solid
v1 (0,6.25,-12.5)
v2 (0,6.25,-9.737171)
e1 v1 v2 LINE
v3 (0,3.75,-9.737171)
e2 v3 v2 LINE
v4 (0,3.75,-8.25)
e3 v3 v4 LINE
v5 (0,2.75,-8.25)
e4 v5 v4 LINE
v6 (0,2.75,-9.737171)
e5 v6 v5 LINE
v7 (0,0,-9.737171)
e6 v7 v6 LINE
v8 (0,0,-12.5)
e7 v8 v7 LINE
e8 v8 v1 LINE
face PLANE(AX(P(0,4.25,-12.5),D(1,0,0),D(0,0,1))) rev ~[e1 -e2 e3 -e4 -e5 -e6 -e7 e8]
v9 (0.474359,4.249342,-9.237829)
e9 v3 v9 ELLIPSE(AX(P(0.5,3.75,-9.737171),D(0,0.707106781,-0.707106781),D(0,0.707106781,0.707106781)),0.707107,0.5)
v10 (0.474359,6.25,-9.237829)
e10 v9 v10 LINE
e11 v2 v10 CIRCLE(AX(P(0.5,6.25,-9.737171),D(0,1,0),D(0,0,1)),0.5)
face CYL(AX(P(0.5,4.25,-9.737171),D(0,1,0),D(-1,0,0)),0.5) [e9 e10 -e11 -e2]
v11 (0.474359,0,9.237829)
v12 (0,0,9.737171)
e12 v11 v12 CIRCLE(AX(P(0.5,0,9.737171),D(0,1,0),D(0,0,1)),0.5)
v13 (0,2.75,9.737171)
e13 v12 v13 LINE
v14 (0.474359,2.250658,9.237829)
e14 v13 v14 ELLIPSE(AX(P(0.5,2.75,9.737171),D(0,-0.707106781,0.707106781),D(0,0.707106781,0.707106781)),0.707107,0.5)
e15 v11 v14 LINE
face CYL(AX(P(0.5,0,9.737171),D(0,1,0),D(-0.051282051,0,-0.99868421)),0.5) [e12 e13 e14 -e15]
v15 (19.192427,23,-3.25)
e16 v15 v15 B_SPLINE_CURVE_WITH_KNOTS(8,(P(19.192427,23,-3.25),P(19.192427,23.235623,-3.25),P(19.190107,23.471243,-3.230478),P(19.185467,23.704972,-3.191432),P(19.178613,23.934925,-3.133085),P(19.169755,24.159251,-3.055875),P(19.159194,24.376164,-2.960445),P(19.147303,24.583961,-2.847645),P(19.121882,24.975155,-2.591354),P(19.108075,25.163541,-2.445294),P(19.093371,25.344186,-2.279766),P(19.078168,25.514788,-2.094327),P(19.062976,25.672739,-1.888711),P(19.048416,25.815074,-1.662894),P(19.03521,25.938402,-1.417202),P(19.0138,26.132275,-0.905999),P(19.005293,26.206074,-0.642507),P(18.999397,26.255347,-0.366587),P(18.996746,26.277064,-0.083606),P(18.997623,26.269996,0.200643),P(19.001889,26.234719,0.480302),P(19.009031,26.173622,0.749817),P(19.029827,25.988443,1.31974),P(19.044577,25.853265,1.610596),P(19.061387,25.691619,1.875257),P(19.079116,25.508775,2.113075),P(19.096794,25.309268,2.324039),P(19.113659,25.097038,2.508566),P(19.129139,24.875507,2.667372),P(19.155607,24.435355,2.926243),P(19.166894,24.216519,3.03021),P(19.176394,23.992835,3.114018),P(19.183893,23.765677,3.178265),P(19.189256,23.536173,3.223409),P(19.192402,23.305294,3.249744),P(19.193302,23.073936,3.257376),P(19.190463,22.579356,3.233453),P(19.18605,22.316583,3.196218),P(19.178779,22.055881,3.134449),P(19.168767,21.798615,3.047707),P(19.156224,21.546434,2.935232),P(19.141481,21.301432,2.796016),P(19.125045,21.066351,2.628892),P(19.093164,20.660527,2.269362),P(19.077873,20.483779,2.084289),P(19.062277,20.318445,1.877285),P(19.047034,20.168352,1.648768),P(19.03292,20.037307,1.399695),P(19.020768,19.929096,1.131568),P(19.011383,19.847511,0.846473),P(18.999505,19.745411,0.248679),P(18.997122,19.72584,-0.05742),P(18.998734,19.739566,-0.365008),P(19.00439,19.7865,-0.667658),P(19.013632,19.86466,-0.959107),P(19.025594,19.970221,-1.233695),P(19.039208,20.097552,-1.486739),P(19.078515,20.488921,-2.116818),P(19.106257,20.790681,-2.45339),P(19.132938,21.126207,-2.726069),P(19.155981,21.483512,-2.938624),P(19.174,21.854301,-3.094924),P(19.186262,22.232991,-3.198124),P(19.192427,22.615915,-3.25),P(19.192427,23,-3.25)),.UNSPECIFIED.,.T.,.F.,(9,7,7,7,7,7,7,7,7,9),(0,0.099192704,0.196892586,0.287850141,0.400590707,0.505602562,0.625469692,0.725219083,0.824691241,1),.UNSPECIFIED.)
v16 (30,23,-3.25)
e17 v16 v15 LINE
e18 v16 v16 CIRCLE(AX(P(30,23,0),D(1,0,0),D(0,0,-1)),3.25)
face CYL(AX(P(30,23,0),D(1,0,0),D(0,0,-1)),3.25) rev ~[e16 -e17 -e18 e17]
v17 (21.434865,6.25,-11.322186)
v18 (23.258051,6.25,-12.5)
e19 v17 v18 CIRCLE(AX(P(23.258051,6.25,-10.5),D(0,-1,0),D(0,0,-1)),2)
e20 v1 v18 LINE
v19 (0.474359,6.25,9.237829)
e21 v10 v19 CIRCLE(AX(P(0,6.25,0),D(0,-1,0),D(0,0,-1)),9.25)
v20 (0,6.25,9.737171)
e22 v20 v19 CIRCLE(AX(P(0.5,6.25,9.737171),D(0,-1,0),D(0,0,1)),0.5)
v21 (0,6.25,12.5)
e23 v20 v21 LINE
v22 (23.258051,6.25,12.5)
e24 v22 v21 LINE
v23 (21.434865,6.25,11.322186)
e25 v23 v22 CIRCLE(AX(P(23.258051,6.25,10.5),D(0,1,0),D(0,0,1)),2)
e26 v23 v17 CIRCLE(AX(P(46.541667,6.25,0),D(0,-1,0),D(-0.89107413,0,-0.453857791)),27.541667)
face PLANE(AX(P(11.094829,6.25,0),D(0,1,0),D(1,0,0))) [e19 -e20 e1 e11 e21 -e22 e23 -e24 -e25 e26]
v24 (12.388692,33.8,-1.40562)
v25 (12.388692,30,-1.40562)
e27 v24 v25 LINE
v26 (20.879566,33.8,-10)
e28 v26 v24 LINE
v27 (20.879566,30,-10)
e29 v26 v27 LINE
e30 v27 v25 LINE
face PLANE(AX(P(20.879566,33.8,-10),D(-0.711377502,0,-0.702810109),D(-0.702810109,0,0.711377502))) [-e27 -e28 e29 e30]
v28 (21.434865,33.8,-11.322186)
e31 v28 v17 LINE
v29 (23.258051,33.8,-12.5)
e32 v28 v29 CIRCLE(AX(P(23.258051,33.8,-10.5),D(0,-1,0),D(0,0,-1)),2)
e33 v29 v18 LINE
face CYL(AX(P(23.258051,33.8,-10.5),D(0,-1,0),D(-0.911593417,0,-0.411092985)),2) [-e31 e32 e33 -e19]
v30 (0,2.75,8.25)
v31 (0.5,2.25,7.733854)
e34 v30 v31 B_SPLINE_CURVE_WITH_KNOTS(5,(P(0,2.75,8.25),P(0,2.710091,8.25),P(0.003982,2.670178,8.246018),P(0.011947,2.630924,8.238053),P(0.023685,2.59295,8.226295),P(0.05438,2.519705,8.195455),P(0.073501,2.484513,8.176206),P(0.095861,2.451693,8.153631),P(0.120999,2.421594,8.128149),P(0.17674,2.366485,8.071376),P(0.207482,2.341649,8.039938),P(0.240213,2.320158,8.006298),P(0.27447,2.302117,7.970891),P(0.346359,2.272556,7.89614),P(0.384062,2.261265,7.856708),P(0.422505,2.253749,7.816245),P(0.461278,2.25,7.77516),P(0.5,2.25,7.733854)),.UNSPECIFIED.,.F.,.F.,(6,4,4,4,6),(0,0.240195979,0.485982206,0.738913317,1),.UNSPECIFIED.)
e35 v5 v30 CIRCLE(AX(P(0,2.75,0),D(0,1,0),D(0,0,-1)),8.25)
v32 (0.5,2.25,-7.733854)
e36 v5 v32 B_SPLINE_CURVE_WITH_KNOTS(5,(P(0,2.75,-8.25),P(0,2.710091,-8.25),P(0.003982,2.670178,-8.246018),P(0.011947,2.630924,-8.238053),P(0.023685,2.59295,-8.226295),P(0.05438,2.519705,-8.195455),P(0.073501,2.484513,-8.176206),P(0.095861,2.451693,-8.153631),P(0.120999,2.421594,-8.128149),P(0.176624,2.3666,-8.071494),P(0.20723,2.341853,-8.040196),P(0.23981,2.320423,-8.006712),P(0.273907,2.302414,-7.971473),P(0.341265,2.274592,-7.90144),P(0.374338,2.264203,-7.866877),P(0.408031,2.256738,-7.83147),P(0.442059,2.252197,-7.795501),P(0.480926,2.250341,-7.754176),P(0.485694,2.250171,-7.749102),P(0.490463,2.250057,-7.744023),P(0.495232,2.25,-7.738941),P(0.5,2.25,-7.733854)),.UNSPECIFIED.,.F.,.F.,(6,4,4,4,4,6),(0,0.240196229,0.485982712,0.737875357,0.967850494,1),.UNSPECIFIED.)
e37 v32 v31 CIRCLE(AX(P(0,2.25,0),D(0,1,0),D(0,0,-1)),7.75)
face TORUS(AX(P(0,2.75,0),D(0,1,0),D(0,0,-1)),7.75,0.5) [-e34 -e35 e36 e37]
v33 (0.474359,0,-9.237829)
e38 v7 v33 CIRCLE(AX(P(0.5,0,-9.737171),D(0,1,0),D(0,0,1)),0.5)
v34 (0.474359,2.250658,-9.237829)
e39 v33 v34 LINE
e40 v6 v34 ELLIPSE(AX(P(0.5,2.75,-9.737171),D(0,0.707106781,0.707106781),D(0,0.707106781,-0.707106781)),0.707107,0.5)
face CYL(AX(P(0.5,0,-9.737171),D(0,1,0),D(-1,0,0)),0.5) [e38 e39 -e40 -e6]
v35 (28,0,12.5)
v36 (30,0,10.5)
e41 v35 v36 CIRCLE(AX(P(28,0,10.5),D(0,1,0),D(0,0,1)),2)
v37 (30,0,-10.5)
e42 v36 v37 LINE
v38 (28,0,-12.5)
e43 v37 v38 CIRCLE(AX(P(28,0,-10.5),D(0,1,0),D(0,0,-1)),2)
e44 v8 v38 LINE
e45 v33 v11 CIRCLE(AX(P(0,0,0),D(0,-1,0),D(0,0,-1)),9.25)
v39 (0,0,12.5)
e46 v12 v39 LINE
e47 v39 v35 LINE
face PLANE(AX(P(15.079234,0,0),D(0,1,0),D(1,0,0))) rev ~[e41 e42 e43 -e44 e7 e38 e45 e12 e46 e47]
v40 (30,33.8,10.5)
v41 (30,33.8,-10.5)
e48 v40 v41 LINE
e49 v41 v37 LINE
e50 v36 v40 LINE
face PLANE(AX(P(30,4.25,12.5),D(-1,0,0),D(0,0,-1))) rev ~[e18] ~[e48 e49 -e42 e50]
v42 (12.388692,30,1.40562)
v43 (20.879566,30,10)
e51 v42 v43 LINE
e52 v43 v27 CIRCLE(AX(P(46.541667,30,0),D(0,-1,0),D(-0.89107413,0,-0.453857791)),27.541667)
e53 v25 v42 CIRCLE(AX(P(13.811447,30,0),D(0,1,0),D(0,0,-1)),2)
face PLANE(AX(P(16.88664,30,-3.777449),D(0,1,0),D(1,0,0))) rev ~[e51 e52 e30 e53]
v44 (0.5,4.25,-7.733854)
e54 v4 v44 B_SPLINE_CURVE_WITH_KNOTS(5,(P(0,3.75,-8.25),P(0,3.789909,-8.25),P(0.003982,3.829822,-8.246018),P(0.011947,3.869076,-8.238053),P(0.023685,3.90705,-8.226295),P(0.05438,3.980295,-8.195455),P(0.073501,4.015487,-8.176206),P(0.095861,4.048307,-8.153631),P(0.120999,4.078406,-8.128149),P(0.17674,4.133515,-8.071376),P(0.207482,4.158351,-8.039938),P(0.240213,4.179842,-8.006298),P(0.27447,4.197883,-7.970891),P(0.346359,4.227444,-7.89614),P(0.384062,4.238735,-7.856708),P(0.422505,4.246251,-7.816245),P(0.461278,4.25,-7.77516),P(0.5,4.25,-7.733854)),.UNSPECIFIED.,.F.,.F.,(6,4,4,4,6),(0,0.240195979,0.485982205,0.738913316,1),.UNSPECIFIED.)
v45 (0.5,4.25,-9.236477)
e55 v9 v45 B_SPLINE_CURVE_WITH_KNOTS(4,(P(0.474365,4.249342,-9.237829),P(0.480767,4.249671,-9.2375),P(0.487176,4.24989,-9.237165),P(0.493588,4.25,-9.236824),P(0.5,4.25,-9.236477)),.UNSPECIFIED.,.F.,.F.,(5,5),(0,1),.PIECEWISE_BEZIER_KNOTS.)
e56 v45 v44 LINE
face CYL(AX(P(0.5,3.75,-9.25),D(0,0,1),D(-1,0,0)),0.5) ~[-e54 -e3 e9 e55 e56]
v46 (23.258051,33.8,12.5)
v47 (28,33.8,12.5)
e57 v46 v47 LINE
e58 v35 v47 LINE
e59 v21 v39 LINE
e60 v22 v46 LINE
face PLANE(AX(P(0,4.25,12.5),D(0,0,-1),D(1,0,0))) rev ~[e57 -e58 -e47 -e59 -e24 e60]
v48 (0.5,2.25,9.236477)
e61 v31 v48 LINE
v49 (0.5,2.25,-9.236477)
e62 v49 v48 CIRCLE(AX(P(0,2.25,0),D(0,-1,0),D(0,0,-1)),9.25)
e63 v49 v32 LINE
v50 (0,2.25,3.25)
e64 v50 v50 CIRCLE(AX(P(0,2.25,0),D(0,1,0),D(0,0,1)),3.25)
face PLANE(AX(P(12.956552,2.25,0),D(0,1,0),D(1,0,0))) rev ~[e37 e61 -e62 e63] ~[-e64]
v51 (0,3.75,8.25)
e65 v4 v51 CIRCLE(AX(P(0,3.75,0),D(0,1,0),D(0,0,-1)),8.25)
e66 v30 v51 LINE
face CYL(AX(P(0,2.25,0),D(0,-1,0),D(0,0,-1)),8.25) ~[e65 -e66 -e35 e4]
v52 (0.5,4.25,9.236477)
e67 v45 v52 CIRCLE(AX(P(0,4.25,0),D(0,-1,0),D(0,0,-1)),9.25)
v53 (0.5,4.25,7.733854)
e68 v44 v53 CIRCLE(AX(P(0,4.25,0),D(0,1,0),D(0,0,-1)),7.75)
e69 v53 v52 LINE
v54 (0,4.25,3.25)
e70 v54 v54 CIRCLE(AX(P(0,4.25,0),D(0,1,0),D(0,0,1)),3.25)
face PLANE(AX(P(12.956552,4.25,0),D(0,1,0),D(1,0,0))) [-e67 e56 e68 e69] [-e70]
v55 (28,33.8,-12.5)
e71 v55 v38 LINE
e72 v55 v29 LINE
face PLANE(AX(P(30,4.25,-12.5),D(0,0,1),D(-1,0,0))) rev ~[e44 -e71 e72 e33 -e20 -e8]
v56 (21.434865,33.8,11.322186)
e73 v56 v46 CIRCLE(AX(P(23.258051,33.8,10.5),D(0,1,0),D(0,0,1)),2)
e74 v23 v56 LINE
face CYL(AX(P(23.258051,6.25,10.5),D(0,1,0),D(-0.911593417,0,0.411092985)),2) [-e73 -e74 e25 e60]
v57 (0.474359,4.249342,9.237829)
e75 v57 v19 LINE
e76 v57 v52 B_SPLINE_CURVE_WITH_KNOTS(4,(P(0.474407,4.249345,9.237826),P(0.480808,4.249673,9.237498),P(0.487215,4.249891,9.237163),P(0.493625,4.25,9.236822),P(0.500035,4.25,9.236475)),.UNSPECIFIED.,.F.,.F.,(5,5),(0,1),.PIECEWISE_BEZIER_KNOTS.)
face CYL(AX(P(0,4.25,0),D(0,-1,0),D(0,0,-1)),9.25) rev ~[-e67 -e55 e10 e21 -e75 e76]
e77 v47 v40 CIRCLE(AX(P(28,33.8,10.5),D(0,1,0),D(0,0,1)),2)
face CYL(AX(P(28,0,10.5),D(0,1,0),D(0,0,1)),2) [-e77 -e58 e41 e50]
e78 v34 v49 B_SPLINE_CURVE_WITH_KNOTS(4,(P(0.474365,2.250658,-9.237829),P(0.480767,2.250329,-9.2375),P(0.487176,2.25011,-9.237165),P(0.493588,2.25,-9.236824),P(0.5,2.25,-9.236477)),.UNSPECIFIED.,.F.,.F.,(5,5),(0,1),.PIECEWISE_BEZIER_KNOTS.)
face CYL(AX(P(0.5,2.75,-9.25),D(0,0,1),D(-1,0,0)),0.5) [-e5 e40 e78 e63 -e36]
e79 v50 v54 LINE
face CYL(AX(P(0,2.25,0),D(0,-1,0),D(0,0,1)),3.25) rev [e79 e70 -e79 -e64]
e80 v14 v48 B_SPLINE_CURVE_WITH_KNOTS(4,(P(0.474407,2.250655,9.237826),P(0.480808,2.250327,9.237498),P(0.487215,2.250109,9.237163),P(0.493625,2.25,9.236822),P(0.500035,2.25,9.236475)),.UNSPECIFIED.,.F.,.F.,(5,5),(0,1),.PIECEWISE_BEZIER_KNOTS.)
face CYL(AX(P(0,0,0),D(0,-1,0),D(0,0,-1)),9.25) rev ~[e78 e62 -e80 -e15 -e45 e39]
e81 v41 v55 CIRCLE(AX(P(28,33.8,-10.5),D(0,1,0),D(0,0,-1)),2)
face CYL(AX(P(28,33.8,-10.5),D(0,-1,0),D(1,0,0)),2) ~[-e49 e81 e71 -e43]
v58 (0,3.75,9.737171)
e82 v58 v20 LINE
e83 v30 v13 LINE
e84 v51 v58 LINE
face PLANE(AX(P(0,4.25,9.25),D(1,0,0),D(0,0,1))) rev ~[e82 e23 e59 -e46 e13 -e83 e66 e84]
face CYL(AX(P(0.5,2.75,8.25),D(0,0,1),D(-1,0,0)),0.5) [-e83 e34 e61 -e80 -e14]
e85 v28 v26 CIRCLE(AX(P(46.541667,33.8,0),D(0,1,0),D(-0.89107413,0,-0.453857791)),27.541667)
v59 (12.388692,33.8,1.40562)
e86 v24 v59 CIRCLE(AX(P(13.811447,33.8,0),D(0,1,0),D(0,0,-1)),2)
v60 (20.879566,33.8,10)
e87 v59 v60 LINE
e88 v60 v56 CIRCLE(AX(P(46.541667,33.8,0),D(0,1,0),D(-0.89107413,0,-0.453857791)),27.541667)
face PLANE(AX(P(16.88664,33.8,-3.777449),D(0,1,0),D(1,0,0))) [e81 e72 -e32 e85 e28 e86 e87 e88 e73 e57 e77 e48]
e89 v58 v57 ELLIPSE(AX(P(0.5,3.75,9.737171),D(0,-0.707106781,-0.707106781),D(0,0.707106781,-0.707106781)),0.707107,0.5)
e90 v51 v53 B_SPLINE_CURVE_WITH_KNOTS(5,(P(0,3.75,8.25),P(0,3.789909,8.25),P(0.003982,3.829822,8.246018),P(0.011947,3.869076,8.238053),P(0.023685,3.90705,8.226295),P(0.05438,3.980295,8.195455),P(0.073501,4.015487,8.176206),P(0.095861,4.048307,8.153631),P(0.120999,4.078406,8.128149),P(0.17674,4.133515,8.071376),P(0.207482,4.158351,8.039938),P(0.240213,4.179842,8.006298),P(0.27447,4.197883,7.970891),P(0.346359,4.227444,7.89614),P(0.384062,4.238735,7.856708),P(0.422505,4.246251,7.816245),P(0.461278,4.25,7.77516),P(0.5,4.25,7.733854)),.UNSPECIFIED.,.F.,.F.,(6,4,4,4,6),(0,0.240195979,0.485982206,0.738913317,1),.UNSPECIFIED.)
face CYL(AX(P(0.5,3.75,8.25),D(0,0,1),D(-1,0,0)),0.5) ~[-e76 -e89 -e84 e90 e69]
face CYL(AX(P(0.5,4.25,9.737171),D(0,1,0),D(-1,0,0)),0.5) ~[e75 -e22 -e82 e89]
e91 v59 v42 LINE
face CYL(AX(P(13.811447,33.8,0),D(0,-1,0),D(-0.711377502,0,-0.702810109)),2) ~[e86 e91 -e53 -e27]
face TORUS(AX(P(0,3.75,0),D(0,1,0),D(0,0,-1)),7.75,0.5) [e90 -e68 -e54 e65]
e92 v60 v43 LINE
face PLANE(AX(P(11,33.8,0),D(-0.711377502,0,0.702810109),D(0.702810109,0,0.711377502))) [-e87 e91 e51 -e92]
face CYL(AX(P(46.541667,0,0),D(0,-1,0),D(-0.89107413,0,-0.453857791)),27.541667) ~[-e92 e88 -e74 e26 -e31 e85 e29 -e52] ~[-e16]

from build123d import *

# Parameters (mm, degrees)
BOSS_EXTRUDE1_DEPTH     = 2.25
BOSS_EXTRUDE2_START     = 2.25
SKETCH1_4_R             = 3.25
BOSS_EXTRUDE2_DEPTH     = 2
BOSS_EXTRUDE3_START     = 4.25
BOSS_EXTRUDE3_DEPTH     = 2
BOSS_EXTRUDE6_DEPTH     = 33.8
BOSS_EXTRUDE7_DEPTH     = 3.8
FILLET1_R               = 2
FILLET2_R               = 2
FILLET3_R               = 0.5
CUT_EXTRUDE1_REACH      = 54.552
CUT_EXTRUDE1_END_RADIUS = 27.541666667
SKETCH6_R               = 3.25


with BuildPart() as part:
    # Sketch1 → Boss-Extrude1 (new body)
    with BuildSketch(Plane(origin=(0, 0, 0), x_dir=(1, 0, 0), z_dir=(0, 1, 0))):
        with BuildLine():
            Line((30, -12.5), (30, 12.5))
            Line((30, 12.5), (0, 12.5))
            Line((0, 12.5), (0, 9.25))
            ThreePointArc((0, 9.25), (9.25, 0), (0, -9.25))
            Line((0, -9.25), (0, -12.5))
            Line((0, -12.5), (30, -12.5))
        make_face()
    extrude(amount=BOSS_EXTRUDE1_DEPTH)

    # Sketch1<4> → Boss-Extrude2 (add)
    with BuildSketch(Plane(origin=(0, 0, 0), x_dir=(1, 0, 0), z_dir=(0, 1, 0)).offset(BOSS_EXTRUDE2_START)):
        with BuildLine():
            Line((30, -12.5), (30, 12.5))
            Line((30, 12.5), (0, 12.5))
            Line((0, 12.5), (0, 8.25))
            ThreePointArc((0, 8.25), (-8.25, 0), (0, -8.25))
            Line((0, -8.25), (0, -12.5))
            Line((0, -12.5), (30, -12.5))
        make_face()
        with Locations(Location((0, 0, 0), (0, 0, 270))):
            Circle(SKETCH1_4_R, mode=Mode.SUBTRACT)
    extrude(amount=BOSS_EXTRUDE2_DEPTH)

    # Sketch1<6> → Boss-Extrude3 (add)
    with BuildSketch(Plane(origin=(0, 0, 0), x_dir=(1, 0, 0), z_dir=(0, 1, 0)).offset(BOSS_EXTRUDE3_START)):
        with BuildLine():
            Line((0, -12.5), (22, -12.5))
            ThreePointArc((22, -12.5), (19, 0), (22, 12.5))
            Line((22, 12.5), (0, 12.5))
            Line((0, 12.5), (0, 9.25))
            ThreePointArc((0, 9.25), (9.25, 0), (0, -9.25))
            Line((0, -9.25), (0, -12.5))
        make_face()
        with BuildLine():
            Line((22, -12.5), (30, -12.5))
            Line((30, -12.5), (30, 12.5))
            Line((30, 12.5), (22, 12.5))
            ThreePointArc((22, 12.5), (19, 0), (22, -12.5))
        make_face()
    extrude(amount=BOSS_EXTRUDE3_DEPTH)

    # Sketch1<8> → Boss-Extrude6 (add)
    with BuildSketch(Plane(origin=(0, 0, 0), x_dir=(1, 0, 0), z_dir=(0, 1, 0))):
        with BuildLine():
            Line((22, -12.5), (30, -12.5))
            Line((30, -12.5), (30, 12.5))
            Line((30, 12.5), (22, 12.5))
            ThreePointArc((22, 12.5), (19, 0), (22, -12.5))
        make_face()
    extrude(amount=BOSS_EXTRUDE6_DEPTH)

    # Sketch3 → Boss-Extrude7 (add)
    with BuildSketch(Plane(origin=(0, 33.8, 0), x_dir=(1, 0, 0), z_dir=(0, 1, 0))):
        with BuildLine():
            Line((11, 0), (19, 0))
            ThreePointArc((19, 0), (19.473969858, 5.087552676), (20.879566153, 10))
            Line((20.879566153, 10), (11, 0))
        make_face()
        with BuildLine():
            ThreePointArc((20.879566153, -10), (19.473969858, -5.087552676), (19, 0))
            Line((19, 0), (11, 0))
            Line((11, 0), (20.879566153, -10))
        make_face()
        with BuildLine():
            ThreePointArc((20.879566153, 10), (19.473969858, 5.087552676), (19, 0))
            ThreePointArc((19, 0), (19.473969858, -5.087552676), (20.879566153, -10))
            ThreePointArc((20.879566153, -10), (21.408679185, -11.263939941), (22, -12.5))
            Line((22, -12.5), (30, -12.5))
            Line((30, -12.5), (30, 12.5))
            Line((30, 12.5), (22, 12.5))
            ThreePointArc((22, 12.5), (21.408679185, 11.263939941), (20.879566153, 10))
        make_face()
    extrude(amount=-BOSS_EXTRUDE7_DEPTH)

    # Fillet1
    fillet1_edges = [part.edges().sort_by_distance(p)[0] for p in [
        (11, 31.9, 0),
    ]]
    fillet(fillet1_edges, radius=FILLET1_R)

    # Fillet2
    fillet2_edges = [part.edges().sort_by_distance(p)[0] for p in [
        (30, 16.9, -12.5),
        (30, 16.9, 12.5),
        (22, 20.025, -12.5),
        (22, 20.025, 12.5),
    ]]
    fillet(fillet2_edges, radius=FILLET2_R)

    # Fillet3
    fillet3_edges = [part.edges().sort_by_distance(p)[0] for p in [
        (0, 1.125, 9.25),
        (0, 1.125, -9.25),
        (0, 2.25, -8.75),
        (0, 2.25, 8.75),
        (-8.25, 4.25, 0),
        (0, 4.25, 8.75),
        (-8.25, 2.25, 0),
        (0, 4.25, -8.75),
        (0, 5.25, -9.25),
        (0, 5.25, 9.25),
    ]]
    fillet(fillet3_edges, radius=FILLET3_R)

    # Cut-Extrude1: up to this cylinder (the profile starts inside it)
    cut_extrude1_end = Plane(origin=(46.541666667, 23, 0), z_dir=(0, -1, 0)) * Cylinder(CUT_EXTRUDE1_END_RADIUS, 165.187333333, mode=Mode.PRIVATE)
    # Sketch6 → Cut-Extrude1 (cut, up to the surface)
    with BuildSketch(Plane(origin=(30, 0, 0), x_dir=(0, 0, -1), z_dir=(1, 0, 0)), mode=Mode.PRIVATE) as cut_extrude1_sk1:
        with Locations((0, 23)):
            Circle(SKETCH6_R)
    cut_extrude1_tool1 = extrude(cut_extrude1_sk1.sketch, amount=-CUT_EXTRUDE1_REACH, mode=Mode.PRIVATE) & cut_extrude1_end
    add(cut_extrude1_tool1.solids().sort_by_distance((30, 23, 0))[0], mode=Mode.SUBTRACT)


solid = part.part
